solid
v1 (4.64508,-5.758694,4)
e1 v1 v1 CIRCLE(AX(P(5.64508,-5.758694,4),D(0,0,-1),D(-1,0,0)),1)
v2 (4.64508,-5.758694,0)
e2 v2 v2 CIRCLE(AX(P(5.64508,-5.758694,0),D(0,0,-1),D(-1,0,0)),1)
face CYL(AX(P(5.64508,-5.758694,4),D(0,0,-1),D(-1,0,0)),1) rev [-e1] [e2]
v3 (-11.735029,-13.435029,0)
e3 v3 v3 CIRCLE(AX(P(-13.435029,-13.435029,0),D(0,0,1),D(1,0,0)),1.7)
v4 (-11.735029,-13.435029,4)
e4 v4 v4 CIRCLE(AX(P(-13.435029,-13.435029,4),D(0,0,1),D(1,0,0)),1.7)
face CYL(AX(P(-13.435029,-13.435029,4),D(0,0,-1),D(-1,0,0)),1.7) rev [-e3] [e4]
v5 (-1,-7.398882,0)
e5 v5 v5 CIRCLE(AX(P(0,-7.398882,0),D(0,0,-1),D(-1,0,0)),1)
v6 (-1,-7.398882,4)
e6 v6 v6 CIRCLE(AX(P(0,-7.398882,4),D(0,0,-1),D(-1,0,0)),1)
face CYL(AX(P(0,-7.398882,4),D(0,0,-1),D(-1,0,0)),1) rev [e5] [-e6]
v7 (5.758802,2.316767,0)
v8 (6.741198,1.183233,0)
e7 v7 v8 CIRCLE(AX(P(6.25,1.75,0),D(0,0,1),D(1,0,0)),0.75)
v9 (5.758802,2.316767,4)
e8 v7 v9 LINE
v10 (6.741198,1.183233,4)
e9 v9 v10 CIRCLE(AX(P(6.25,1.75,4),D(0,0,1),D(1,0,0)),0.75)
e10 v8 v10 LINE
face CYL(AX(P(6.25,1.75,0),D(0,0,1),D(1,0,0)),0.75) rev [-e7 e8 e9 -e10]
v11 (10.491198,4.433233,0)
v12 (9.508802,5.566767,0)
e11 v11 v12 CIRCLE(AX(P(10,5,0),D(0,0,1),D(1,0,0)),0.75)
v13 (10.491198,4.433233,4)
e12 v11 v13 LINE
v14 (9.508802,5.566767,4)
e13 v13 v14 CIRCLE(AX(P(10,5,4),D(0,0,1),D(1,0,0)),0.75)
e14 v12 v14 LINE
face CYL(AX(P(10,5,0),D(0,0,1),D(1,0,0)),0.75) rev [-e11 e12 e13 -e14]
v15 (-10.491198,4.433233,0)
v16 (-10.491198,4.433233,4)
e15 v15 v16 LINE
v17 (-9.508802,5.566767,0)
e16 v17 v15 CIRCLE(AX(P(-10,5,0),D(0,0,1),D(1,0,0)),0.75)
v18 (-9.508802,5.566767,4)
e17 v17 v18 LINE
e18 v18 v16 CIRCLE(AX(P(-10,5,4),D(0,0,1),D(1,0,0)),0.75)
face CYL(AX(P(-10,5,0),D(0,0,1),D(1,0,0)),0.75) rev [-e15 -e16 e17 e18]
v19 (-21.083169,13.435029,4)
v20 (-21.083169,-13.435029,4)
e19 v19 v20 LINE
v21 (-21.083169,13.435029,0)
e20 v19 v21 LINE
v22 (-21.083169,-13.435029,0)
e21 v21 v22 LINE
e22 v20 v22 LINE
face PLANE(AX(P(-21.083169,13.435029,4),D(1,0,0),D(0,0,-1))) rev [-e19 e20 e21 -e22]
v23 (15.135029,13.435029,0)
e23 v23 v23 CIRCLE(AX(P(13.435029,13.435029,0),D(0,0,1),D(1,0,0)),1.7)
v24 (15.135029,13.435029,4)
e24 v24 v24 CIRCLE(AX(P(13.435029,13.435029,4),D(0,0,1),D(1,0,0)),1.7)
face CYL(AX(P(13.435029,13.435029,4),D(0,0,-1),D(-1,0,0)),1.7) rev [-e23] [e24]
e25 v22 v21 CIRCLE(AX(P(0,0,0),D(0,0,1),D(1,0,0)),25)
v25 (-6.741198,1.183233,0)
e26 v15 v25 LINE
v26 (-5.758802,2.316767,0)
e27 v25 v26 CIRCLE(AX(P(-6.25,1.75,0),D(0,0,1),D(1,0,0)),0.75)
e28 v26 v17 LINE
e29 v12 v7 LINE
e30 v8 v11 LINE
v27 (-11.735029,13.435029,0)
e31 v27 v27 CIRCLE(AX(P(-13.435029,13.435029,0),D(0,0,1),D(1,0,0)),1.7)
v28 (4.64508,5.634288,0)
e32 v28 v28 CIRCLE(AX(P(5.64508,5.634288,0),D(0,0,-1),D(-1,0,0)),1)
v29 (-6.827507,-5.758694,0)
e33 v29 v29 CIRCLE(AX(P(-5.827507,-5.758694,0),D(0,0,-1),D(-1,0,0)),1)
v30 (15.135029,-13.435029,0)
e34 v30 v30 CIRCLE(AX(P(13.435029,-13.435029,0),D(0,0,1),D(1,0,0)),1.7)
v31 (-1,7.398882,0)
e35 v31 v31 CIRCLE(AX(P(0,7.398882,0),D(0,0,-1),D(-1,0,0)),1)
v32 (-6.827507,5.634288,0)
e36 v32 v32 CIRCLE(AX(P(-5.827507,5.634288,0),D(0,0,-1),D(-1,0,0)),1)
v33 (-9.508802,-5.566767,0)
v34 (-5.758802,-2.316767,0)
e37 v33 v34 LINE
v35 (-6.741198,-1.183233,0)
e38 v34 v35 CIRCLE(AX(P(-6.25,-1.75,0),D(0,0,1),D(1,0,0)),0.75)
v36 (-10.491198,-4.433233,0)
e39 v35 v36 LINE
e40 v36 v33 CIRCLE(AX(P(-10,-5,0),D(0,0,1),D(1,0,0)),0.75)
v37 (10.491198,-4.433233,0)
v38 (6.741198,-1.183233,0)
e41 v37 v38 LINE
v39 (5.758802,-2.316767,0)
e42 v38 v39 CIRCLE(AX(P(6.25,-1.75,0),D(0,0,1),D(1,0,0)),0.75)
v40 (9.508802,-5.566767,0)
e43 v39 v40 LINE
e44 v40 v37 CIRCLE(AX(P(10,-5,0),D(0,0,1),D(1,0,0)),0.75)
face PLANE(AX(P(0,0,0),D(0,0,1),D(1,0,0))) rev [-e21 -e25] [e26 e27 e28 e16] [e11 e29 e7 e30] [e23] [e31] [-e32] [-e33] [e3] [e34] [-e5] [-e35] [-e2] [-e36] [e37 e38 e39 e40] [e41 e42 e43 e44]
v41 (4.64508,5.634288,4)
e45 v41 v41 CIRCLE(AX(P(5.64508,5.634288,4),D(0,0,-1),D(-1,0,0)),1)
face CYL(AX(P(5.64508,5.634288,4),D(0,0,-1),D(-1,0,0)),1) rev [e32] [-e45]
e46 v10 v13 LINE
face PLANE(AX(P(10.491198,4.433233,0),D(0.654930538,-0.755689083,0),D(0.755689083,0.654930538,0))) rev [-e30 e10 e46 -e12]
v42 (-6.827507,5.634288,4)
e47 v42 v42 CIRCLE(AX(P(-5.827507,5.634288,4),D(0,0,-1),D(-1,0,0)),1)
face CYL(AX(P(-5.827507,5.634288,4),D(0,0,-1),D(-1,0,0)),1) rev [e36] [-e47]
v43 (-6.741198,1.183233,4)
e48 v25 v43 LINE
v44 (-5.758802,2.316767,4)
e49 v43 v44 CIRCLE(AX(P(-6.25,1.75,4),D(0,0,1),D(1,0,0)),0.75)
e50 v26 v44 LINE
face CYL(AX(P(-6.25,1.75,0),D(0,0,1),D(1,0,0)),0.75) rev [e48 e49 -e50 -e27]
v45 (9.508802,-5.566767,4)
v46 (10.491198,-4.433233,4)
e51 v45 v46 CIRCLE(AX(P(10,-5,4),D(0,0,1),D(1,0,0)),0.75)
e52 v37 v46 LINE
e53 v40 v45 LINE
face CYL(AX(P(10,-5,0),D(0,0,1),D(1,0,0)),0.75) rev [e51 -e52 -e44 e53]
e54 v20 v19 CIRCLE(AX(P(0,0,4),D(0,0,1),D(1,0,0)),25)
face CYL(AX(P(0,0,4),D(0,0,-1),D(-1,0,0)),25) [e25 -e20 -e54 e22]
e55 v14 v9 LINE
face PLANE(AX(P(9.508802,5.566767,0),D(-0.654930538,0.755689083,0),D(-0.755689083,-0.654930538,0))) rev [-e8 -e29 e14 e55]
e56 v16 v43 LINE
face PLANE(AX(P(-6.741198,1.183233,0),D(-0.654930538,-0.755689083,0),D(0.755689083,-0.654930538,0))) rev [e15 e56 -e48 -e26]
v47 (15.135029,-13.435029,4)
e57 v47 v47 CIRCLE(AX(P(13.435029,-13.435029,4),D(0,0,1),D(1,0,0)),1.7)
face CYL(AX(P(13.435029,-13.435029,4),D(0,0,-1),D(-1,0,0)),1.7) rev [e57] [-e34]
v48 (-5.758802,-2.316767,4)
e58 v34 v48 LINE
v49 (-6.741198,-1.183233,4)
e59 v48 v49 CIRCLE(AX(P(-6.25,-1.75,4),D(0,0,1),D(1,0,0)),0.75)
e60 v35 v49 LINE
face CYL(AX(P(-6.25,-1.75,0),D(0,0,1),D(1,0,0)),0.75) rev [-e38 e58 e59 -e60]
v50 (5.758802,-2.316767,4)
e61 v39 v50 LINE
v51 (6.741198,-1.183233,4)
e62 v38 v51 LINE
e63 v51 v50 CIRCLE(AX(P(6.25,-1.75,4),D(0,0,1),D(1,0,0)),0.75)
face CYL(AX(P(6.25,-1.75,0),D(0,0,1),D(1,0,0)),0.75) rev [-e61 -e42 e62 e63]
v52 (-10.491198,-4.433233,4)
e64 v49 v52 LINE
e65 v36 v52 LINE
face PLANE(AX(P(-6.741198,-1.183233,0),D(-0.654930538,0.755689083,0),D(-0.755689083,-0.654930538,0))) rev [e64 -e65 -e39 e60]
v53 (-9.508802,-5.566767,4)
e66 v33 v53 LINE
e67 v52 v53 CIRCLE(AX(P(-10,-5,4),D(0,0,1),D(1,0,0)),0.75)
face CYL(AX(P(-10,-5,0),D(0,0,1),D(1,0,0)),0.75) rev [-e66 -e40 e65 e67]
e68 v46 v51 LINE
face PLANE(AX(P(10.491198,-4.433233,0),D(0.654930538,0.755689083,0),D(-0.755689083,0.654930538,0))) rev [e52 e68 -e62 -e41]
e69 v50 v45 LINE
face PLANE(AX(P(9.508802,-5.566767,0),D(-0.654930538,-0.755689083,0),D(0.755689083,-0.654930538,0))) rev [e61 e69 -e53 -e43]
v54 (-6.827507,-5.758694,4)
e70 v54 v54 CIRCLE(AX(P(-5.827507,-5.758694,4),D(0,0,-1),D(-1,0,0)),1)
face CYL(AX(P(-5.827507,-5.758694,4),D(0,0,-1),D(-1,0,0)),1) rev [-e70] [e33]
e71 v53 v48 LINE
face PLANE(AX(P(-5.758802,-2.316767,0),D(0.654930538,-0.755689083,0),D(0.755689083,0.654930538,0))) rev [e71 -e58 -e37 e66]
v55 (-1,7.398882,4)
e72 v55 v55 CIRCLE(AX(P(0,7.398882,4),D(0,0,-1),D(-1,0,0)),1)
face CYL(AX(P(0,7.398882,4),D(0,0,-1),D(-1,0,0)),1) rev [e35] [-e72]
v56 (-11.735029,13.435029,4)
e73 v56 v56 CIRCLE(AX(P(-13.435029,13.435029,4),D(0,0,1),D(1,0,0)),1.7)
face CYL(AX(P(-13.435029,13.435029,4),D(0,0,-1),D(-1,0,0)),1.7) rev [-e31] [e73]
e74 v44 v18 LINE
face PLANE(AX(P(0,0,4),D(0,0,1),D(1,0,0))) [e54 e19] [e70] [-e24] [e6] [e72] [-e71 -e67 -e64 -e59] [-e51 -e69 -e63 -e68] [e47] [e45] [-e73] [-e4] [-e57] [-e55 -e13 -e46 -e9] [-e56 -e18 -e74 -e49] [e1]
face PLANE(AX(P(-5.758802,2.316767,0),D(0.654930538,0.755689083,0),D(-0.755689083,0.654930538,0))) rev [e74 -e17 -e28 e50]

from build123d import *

# Parameters (mm, degrees)
ESQUISSE1_R             = 25
ESQUISSE1_R_2           = 1.7
BOSS_EXTRU_1_DEPTH      = 4
ESQUISSE11_R            = 1
ENL_V_MAT_EXTRU_1_DEPTH = 36.580893749
ESQUISSE13_W            = 4.903660669
ESQUISSE13_H            = 28.894120166
ENL_V_MAT_EXTRU_2_DEPTH = 36.580893749
ENL_V_MAT_EXTRU_3_DEPTH = 36.580893749


with BuildPart() as part:
    # Esquisse1 → Boss.-Extru.1 (new body)
    with BuildSketch(Plane.XY):
        Circle(ESQUISSE1_R)
        with Locations((-13.435028843, 13.435028843)):
            Circle(ESQUISSE1_R_2, mode=Mode.SUBTRACT)
        with Locations((13.435028843, 13.435028843)):
            Circle(ESQUISSE1_R_2, mode=Mode.SUBTRACT)
        with Locations((13.435028843, -13.435028843)):
            Circle(ESQUISSE1_R_2, mode=Mode.SUBTRACT)
        with Locations((-13.435028843, -13.435028843)):
            Circle(ESQUISSE1_R_2, mode=Mode.SUBTRACT)
    extrude(amount=BOSS_EXTRU_1_DEPTH)

    # Esquisse11 → Enlèv. mat.-Extru.1 (cut, through all)
    with BuildSketch(Plane(origin=(0, 0, 0), x_dir=(-1, 0, 0), z_dir=(0, 0, -1))):
        with Locations((0, 7.398882196)):
            Circle(ESQUISSE11_R)
        with Locations((5.827506735, 5.634287936)):
            Circle(ESQUISSE11_R)
        with Locations((5.827506735, -5.758693792)):
            Circle(ESQUISSE11_R)
        with Locations((0, -7.398882196)):
            Circle(ESQUISSE11_R)
        with Locations((-5.645080413, -5.758693792)):
            Circle(ESQUISSE11_R)
        with Locations((-5.645080413, 5.634287936)):
            Circle(ESQUISSE11_R)
    extrude(amount=-ENL_V_MAT_EXTRU_1_DEPTH, mode=Mode.SUBTRACT)

    # Esquisse13 → Enlèv. mat.-Extru.2 (cut, through all)
    with BuildSketch(Plane(origin=(0, 0, 0), x_dir=(-1, 0, 0), z_dir=(0, 0, -1))):
        with Locations((23.534998976, -1.01203124)):
            Rectangle(ESQUISSE13_W, ESQUISSE13_H)
    extrude(amount=-ENL_V_MAT_EXTRU_2_DEPTH, mode=Mode.SUBTRACT)

    # Esquisse10 → Enlèv. mat.-Extru.3 (cut, through all)
    with BuildSketch(Plane.XY.offset(4)):
        with BuildLine():
            Line((-5.758802096, -2.316766812), (-9.508802096, -5.566766812))
            ThreePointArc((-9.508802096, -5.566766812), (-10.566766812, -5.491197904), (-10.491197904, -4.433233188))
            Line((-10.491197904, -4.433233188), (-6.741197904, -1.183233188))
            ThreePointArc((-6.741197904, -1.183233188), (-5.683233188, -1.258802096), (-5.758802096, -2.316766812))
        make_face()
        with BuildLine():
            Line((-6.741197904, 1.183233188), (-10.491197904, 4.433233188))
            ThreePointArc((-10.491197904, 4.433233188), (-10.566766812, 5.491197904), (-9.508802096, 5.566766812))
            Line((-9.508802096, 5.566766812), (-5.758802096, 2.316766812))
            ThreePointArc((-5.758802096, 2.316766812), (-5.683233188, 1.258802096), (-6.741197904, 1.183233188))
        make_face()
        with BuildLine():
            Line((9.508802096, -5.566766812), (5.758802096, -2.316766812))
            ThreePointArc((5.758802096, -2.316766812), (5.683233188, -1.258802096), (6.741197904, -1.183233188))
            Line((6.741197904, -1.183233188), (10.491197904, -4.433233188))
            ThreePointArc((10.491197904, -4.433233188), (10.566766812, -5.491197904), (9.508802096, -5.566766812))
        make_face()
        with BuildLine():
            Line((10.491197904, 4.433233188), (6.741197904, 1.183233188))
            ThreePointArc((6.741197904, 1.183233188), (5.683233188, 1.258802096), (5.758802096, 2.316766812))
            Line((5.758802096, 2.316766812), (9.508802096, 5.566766812))
            ThreePointArc((9.508802096, 5.566766812), (10.566766812, 5.491197904), (10.491197904, 4.433233188))
        make_face()
    extrude(amount=-ENL_V_MAT_EXTRU_3_DEPTH, mode=Mode.SUBTRACT)


solid = part.part
